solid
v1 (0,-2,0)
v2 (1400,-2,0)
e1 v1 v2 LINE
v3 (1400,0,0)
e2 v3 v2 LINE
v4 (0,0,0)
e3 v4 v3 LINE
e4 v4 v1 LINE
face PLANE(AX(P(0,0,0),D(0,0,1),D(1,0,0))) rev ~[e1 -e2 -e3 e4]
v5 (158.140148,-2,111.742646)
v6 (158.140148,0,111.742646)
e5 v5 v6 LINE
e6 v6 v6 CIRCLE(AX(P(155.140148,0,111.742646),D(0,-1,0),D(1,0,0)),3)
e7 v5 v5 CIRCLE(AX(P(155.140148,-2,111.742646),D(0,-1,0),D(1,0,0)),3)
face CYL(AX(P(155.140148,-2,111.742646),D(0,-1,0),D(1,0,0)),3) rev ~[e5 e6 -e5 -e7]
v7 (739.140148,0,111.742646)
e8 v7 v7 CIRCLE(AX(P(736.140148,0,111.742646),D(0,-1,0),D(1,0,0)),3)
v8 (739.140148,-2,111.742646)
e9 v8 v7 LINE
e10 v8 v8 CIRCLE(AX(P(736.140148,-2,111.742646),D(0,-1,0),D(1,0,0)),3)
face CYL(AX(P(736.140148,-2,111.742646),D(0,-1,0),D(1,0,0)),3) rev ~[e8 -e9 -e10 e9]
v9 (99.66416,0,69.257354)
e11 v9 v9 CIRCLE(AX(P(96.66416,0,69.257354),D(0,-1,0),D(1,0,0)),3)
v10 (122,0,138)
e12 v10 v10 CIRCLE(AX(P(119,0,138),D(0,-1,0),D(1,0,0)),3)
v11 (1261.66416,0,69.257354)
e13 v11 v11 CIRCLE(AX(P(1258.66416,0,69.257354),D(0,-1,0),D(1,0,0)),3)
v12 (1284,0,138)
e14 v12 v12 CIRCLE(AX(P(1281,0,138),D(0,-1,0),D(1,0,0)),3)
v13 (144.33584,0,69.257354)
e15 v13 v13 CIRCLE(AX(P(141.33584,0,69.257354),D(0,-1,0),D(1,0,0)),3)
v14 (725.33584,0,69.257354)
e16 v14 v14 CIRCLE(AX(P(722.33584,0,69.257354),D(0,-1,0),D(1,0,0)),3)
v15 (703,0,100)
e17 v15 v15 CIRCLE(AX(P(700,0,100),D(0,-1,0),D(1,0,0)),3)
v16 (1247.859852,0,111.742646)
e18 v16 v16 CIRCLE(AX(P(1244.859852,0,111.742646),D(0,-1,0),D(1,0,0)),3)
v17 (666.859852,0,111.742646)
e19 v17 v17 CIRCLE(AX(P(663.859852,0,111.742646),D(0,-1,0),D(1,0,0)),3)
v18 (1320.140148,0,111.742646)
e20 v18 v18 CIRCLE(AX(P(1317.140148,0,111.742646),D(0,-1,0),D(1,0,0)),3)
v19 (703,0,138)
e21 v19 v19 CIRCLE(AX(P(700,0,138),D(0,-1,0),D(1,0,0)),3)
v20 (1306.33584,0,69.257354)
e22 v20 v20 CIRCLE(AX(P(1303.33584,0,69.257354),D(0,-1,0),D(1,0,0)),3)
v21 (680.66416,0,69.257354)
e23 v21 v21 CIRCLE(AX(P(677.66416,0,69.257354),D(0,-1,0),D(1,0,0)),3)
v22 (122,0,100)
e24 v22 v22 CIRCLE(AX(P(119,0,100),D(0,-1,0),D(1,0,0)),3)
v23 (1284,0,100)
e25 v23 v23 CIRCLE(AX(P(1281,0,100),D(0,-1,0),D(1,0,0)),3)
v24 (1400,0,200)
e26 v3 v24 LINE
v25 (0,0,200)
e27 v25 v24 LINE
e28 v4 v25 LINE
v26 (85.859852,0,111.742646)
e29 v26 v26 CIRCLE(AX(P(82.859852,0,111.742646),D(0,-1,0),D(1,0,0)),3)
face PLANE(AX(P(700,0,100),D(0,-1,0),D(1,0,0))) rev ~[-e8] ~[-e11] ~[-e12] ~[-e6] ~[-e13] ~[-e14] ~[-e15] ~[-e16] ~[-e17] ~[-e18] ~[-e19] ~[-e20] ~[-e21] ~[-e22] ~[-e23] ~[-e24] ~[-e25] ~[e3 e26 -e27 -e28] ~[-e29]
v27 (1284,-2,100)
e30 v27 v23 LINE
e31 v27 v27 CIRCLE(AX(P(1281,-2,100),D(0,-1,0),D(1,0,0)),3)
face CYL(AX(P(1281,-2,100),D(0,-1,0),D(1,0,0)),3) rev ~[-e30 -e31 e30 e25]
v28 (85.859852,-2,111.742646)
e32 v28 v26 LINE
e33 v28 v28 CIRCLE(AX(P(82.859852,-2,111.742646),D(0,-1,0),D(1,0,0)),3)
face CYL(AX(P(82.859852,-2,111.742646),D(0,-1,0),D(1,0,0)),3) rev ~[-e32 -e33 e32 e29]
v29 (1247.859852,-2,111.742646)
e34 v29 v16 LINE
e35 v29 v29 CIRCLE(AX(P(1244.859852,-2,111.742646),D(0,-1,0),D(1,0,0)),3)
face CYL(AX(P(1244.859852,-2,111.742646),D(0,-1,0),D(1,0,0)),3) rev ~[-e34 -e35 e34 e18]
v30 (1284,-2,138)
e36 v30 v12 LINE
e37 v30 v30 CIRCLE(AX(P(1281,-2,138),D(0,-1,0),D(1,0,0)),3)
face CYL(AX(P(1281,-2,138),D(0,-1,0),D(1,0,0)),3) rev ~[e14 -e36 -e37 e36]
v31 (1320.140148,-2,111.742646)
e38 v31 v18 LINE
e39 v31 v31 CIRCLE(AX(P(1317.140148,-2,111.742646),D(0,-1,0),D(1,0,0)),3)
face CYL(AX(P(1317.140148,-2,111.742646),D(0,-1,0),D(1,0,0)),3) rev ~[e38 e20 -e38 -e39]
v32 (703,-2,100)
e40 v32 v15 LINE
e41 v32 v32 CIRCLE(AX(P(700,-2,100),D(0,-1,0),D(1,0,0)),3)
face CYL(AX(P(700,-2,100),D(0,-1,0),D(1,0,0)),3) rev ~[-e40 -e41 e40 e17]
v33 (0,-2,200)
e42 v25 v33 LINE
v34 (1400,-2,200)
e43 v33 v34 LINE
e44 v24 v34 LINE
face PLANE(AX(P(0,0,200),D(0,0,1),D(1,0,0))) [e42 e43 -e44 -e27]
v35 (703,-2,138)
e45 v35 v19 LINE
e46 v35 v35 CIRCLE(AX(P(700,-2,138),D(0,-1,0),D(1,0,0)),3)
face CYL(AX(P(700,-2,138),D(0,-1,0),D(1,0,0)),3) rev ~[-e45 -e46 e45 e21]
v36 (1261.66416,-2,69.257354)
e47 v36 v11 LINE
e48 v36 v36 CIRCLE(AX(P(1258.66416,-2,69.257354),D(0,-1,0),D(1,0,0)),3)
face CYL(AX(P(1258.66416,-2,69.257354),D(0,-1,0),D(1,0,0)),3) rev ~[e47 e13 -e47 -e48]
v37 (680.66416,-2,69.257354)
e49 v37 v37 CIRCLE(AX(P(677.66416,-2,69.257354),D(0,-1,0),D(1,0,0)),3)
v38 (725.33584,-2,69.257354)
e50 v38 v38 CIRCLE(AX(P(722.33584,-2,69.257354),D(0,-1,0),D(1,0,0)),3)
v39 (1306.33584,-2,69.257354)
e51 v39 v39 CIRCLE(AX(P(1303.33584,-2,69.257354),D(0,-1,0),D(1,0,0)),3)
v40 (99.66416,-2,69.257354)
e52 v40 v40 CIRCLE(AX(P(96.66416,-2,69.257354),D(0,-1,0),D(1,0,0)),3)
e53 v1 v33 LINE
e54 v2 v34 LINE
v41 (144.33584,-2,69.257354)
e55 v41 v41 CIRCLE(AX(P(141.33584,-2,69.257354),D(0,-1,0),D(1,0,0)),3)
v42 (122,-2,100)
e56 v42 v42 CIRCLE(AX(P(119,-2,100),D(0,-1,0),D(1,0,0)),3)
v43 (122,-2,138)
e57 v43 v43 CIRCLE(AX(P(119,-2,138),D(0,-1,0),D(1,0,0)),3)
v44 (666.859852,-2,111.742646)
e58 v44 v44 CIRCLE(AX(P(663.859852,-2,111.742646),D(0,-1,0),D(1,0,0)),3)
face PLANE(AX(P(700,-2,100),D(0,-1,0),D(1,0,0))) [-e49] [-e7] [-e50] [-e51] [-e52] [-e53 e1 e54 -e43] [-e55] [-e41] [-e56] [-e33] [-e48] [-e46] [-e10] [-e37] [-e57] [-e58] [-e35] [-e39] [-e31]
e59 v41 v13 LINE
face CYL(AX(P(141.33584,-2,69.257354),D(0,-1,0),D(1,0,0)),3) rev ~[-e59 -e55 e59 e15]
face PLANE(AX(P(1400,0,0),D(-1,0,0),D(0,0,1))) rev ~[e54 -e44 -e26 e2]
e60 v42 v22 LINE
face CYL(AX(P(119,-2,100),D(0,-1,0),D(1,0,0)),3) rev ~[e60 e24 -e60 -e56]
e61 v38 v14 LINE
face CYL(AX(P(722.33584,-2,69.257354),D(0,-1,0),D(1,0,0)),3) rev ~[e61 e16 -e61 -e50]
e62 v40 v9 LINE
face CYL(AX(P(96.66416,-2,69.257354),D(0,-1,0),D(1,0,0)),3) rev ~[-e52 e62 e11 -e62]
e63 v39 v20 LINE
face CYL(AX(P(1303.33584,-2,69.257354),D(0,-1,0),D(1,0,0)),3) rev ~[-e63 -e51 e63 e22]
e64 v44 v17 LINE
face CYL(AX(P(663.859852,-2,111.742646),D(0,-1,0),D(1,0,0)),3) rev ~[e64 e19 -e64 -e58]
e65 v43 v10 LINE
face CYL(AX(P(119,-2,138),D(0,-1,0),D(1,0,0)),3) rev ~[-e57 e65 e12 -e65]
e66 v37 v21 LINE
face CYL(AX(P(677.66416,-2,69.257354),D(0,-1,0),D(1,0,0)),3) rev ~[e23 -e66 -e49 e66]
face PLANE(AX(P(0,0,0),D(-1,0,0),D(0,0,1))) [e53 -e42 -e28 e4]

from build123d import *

# Parameters (mm, degrees)
F0_W     = 1400
F0_H     = 200
F1_DEPTH = 2
F2_R     = 3
F3_DEPTH = 2.001


with BuildPart() as f1:
    # F0 (on Front) → F1 (new body)
    with BuildSketch(Plane.XZ):
        with Locations((700, 100)):
            Rectangle(F0_W, F0_H)
    extrude(amount=F1_DEPTH)

    # F2 (on face) → F3 (cut, through all)
    with BuildSketch(Plane.XZ.offset(2)):
        with Locations((700, 100)):
            Circle(F2_R)
        with Locations((700, 138)):
            Circle(F2_R)
        with Locations((663.859852, 111.742646)):
            Circle(F2_R)
        with Locations((677.66416, 69.257354)):
            Circle(F2_R)
        with Locations((722.33584, 69.257354)):
            Circle(F2_R)
        with Locations((736.140148, 111.742646)):
            Circle(F2_R)
        with Locations((119, 138)):
            Circle(F2_R)
        with Locations((82.859852, 111.742646)):
            Circle(F2_R)
        with Locations((96.66416, 69.257354)):
            Circle(F2_R)
        with Locations((155.140148, 111.742646)):
            Circle(F2_R)
        with Locations((119, 100)):
            Circle(F2_R)
        with Locations((141.33584, 69.257354)):
            Circle(F2_R)
        with Locations((1317.140148, 111.742646)):
            Circle(F2_R)
        with Locations((1303.33584, 69.257354)):
            Circle(F2_R)
        with Locations((1258.66416, 69.257354)):
            Circle(F2_R)
        with Locations((1244.859852, 111.742646)):
            Circle(F2_R)
        with Locations((1281, 100)):
            Circle(F2_R)
        with Locations((1281, 138)):
            Circle(F2_R)
    extrude(amount=-F3_DEPTH, mode=Mode.SUBTRACT)


solid = f1.part
